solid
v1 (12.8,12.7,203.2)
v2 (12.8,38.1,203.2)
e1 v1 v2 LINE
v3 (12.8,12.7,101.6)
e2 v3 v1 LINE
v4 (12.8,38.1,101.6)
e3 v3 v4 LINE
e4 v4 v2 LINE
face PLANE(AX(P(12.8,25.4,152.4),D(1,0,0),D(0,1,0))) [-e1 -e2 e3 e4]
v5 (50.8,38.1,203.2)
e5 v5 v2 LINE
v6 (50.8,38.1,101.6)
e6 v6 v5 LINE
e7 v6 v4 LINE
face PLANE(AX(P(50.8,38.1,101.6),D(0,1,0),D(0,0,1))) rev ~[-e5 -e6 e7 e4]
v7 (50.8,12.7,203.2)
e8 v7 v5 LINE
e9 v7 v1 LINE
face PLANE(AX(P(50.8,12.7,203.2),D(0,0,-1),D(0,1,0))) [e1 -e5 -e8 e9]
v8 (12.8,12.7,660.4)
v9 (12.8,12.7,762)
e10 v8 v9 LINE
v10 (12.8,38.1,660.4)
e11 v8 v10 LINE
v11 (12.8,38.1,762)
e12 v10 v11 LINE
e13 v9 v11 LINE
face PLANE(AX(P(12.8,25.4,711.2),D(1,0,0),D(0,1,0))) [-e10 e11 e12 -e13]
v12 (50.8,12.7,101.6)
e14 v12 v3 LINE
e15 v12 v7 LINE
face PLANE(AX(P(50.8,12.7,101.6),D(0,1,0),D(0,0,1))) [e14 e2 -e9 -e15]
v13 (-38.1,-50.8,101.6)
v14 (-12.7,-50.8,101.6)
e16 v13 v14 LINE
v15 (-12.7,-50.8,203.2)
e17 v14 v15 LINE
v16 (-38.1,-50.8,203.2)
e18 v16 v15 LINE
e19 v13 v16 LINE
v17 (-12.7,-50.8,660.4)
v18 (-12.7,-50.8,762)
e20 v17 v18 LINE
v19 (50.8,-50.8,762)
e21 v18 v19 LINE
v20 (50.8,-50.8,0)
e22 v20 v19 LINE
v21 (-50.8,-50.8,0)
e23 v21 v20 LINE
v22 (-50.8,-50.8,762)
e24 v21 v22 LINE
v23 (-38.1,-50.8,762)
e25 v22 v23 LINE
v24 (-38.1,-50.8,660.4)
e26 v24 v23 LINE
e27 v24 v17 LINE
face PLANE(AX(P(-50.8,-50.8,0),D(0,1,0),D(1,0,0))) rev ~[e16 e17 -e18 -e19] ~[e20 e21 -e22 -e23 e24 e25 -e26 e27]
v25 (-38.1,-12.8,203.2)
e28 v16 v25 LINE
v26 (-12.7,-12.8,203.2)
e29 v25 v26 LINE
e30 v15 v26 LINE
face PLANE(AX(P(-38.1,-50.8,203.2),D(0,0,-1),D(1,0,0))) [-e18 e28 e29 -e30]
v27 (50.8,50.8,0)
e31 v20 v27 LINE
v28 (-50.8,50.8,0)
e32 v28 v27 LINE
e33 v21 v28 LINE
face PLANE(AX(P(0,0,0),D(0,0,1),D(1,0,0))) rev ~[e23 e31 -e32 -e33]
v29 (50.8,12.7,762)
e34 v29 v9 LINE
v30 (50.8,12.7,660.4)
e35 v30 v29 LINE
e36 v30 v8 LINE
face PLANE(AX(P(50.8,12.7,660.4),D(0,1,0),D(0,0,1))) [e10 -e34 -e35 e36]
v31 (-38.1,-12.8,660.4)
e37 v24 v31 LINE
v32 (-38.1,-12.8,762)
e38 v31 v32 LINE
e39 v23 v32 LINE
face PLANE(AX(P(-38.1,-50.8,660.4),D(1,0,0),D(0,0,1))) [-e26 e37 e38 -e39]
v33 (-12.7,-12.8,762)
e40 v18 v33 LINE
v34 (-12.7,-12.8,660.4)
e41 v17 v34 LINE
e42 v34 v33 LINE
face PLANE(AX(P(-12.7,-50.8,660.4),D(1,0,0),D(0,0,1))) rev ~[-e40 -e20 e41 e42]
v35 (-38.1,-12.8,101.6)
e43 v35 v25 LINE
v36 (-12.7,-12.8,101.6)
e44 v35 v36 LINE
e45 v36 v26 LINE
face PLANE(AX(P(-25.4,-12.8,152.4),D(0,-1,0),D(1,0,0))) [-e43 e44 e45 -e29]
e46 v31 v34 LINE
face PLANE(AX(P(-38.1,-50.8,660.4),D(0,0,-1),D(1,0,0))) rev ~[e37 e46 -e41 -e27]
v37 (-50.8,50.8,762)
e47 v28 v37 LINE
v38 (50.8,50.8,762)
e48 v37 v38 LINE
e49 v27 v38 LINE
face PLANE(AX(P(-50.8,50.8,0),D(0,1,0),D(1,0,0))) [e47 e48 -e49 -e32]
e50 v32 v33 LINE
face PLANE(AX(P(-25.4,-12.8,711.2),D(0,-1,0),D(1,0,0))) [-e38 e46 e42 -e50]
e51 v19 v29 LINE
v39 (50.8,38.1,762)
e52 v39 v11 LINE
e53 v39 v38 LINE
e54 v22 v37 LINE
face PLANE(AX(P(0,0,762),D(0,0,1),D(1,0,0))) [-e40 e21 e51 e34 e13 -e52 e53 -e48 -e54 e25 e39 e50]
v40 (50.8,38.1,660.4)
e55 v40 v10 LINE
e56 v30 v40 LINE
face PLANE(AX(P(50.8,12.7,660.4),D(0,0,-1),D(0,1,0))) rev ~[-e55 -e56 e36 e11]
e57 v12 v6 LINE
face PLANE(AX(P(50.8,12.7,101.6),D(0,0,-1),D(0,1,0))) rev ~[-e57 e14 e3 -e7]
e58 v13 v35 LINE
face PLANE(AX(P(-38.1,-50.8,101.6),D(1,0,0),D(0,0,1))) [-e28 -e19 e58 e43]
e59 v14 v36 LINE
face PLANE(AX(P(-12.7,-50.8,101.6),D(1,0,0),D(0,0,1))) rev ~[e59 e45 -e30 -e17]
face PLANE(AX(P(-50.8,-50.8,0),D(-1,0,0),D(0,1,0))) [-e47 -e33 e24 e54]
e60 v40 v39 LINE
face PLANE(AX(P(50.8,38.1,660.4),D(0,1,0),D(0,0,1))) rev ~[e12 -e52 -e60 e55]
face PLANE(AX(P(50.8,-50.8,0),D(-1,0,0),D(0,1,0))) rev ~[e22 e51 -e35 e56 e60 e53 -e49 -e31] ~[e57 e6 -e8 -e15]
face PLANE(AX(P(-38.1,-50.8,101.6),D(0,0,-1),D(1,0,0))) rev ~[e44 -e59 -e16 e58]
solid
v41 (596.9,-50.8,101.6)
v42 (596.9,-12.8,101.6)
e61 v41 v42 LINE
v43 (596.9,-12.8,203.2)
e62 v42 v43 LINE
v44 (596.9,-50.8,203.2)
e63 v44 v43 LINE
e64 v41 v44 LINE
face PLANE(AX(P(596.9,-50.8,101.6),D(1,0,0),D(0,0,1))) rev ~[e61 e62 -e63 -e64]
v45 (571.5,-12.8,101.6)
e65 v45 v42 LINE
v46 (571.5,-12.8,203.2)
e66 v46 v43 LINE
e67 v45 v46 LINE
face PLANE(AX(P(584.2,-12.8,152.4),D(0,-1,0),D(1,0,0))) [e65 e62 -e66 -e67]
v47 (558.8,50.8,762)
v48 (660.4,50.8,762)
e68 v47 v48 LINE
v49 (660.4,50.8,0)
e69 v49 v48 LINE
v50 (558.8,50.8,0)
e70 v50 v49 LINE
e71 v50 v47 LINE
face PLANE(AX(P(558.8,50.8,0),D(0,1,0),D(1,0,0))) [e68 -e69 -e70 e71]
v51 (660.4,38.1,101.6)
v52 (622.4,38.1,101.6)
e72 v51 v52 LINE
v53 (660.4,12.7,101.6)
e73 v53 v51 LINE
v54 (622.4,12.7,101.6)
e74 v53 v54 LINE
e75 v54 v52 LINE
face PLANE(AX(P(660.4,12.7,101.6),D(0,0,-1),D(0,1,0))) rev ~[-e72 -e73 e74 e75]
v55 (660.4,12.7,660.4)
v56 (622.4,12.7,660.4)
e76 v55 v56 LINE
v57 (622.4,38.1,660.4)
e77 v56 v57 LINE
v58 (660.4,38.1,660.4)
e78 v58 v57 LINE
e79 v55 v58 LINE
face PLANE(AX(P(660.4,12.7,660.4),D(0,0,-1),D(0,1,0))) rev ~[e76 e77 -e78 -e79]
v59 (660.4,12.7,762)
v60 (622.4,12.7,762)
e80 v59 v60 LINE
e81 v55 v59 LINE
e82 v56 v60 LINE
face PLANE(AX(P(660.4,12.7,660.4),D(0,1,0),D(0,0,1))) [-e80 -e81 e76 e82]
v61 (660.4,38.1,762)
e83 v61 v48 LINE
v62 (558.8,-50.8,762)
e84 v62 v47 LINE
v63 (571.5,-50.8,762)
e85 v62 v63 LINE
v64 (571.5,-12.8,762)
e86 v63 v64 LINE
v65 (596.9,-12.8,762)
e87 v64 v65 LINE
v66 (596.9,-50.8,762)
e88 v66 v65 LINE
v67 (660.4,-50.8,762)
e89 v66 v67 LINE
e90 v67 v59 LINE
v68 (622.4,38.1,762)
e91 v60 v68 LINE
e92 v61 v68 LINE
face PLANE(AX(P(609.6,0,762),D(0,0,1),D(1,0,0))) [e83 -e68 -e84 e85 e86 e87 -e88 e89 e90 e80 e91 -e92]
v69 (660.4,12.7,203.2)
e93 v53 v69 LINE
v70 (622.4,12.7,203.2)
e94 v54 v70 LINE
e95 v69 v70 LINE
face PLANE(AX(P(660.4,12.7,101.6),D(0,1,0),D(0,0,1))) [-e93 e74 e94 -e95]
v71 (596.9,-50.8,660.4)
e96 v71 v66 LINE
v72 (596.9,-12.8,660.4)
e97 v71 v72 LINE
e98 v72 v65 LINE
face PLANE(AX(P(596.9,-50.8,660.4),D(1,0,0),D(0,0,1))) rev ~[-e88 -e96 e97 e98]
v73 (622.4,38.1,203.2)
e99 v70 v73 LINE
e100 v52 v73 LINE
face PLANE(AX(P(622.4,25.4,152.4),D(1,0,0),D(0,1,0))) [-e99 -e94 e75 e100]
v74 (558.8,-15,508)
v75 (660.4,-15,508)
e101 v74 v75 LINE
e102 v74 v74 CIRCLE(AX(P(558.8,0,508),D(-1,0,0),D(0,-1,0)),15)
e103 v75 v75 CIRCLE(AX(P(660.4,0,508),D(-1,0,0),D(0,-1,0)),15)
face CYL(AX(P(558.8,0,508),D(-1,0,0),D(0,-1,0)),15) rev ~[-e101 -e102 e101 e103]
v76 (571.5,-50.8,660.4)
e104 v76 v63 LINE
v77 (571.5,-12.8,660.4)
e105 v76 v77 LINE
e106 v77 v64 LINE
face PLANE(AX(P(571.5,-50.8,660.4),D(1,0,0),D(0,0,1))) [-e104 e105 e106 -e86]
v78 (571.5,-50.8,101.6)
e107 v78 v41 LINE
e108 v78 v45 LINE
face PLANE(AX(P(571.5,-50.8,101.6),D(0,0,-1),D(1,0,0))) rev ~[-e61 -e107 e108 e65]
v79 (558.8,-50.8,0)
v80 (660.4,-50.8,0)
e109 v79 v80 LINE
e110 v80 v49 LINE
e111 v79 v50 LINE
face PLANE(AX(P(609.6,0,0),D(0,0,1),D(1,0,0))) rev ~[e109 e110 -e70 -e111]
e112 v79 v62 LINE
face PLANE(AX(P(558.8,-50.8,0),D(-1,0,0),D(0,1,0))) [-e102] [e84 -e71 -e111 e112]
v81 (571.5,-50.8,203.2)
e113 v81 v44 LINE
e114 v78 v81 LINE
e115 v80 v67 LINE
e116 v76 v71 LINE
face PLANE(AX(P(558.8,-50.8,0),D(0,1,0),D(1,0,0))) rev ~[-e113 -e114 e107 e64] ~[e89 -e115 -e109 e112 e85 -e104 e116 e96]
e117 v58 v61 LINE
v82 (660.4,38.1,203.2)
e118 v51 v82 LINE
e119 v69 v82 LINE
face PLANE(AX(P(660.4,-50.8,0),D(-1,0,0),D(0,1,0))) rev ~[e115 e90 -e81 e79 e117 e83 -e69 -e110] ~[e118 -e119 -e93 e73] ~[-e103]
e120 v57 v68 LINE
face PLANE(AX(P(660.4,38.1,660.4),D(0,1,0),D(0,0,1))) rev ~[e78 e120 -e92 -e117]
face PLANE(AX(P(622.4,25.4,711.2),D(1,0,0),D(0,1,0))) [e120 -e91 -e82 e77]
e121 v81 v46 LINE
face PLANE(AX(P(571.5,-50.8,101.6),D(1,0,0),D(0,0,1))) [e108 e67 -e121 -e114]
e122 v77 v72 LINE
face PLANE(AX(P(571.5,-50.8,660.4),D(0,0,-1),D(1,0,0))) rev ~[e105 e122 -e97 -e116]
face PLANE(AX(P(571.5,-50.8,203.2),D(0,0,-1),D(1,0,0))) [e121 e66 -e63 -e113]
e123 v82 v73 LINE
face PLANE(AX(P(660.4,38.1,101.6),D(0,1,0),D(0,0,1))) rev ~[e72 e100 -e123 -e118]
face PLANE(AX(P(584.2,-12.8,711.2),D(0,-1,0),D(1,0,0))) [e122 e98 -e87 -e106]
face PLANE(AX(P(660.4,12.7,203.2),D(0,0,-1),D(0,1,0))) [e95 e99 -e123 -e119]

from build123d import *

# Parameters (mm, degrees)
F0_W     = 101.6
F0_H     = 101.6
F1_DEPTH = 762
F2_W     = 25.4
F2_H     = 101.6
F3_DEPTH = 38
F4_W     = 25.4
F4_H     = 101.6
F5_DEPTH = 38
F7_R     = 15
F8_DEPTH = 101.6


with BuildPart() as f1:
    # F0 (on Top) → F1 (new body)
    with BuildSketch(Plane.XY):
        Rectangle(F0_W, F0_H)
    extrude(amount=F1_DEPTH)

    # F2 (on face) → F3 (cut)
    with BuildSketch(Plane.XZ.offset(50.8)):
        with Locations((-25.4, 152.4)):
            Rectangle(F2_W, F2_H)
        with Locations((-25.4, 711.2)):
            Rectangle(F2_W, F2_H)
    extrude(amount=-F3_DEPTH, mode=Mode.SUBTRACT)

    # F4 (on face) → F5 (cut)
    with BuildSketch(Plane.YZ.offset(50.8)):
        with Locations((25.4, 152.4)):
            Rectangle(F4_W, F4_H)
        with Locations((25.4, 711.2)):
            Rectangle(F4_W, F4_H)
    extrude(amount=-F5_DEPTH, mode=Mode.SUBTRACT)


with BuildPart() as f6_1:
    # F6: copy of F1
    add(f1.part.moved(Location((609.6, 0, 0))))

    # F7 (on face) → F8 (cut, through all)
    with BuildSketch(Plane(origin=(558.8, 0, 0), x_dir=(0, -1, 0), z_dir=(-1, 0, 0))):
        with Locations((0, 508)):
            Circle(F7_R)
    extrude(amount=-F8_DEPTH, mode=Mode.SUBTRACT)


solid = Compound([f1.part, f6_1.part])
